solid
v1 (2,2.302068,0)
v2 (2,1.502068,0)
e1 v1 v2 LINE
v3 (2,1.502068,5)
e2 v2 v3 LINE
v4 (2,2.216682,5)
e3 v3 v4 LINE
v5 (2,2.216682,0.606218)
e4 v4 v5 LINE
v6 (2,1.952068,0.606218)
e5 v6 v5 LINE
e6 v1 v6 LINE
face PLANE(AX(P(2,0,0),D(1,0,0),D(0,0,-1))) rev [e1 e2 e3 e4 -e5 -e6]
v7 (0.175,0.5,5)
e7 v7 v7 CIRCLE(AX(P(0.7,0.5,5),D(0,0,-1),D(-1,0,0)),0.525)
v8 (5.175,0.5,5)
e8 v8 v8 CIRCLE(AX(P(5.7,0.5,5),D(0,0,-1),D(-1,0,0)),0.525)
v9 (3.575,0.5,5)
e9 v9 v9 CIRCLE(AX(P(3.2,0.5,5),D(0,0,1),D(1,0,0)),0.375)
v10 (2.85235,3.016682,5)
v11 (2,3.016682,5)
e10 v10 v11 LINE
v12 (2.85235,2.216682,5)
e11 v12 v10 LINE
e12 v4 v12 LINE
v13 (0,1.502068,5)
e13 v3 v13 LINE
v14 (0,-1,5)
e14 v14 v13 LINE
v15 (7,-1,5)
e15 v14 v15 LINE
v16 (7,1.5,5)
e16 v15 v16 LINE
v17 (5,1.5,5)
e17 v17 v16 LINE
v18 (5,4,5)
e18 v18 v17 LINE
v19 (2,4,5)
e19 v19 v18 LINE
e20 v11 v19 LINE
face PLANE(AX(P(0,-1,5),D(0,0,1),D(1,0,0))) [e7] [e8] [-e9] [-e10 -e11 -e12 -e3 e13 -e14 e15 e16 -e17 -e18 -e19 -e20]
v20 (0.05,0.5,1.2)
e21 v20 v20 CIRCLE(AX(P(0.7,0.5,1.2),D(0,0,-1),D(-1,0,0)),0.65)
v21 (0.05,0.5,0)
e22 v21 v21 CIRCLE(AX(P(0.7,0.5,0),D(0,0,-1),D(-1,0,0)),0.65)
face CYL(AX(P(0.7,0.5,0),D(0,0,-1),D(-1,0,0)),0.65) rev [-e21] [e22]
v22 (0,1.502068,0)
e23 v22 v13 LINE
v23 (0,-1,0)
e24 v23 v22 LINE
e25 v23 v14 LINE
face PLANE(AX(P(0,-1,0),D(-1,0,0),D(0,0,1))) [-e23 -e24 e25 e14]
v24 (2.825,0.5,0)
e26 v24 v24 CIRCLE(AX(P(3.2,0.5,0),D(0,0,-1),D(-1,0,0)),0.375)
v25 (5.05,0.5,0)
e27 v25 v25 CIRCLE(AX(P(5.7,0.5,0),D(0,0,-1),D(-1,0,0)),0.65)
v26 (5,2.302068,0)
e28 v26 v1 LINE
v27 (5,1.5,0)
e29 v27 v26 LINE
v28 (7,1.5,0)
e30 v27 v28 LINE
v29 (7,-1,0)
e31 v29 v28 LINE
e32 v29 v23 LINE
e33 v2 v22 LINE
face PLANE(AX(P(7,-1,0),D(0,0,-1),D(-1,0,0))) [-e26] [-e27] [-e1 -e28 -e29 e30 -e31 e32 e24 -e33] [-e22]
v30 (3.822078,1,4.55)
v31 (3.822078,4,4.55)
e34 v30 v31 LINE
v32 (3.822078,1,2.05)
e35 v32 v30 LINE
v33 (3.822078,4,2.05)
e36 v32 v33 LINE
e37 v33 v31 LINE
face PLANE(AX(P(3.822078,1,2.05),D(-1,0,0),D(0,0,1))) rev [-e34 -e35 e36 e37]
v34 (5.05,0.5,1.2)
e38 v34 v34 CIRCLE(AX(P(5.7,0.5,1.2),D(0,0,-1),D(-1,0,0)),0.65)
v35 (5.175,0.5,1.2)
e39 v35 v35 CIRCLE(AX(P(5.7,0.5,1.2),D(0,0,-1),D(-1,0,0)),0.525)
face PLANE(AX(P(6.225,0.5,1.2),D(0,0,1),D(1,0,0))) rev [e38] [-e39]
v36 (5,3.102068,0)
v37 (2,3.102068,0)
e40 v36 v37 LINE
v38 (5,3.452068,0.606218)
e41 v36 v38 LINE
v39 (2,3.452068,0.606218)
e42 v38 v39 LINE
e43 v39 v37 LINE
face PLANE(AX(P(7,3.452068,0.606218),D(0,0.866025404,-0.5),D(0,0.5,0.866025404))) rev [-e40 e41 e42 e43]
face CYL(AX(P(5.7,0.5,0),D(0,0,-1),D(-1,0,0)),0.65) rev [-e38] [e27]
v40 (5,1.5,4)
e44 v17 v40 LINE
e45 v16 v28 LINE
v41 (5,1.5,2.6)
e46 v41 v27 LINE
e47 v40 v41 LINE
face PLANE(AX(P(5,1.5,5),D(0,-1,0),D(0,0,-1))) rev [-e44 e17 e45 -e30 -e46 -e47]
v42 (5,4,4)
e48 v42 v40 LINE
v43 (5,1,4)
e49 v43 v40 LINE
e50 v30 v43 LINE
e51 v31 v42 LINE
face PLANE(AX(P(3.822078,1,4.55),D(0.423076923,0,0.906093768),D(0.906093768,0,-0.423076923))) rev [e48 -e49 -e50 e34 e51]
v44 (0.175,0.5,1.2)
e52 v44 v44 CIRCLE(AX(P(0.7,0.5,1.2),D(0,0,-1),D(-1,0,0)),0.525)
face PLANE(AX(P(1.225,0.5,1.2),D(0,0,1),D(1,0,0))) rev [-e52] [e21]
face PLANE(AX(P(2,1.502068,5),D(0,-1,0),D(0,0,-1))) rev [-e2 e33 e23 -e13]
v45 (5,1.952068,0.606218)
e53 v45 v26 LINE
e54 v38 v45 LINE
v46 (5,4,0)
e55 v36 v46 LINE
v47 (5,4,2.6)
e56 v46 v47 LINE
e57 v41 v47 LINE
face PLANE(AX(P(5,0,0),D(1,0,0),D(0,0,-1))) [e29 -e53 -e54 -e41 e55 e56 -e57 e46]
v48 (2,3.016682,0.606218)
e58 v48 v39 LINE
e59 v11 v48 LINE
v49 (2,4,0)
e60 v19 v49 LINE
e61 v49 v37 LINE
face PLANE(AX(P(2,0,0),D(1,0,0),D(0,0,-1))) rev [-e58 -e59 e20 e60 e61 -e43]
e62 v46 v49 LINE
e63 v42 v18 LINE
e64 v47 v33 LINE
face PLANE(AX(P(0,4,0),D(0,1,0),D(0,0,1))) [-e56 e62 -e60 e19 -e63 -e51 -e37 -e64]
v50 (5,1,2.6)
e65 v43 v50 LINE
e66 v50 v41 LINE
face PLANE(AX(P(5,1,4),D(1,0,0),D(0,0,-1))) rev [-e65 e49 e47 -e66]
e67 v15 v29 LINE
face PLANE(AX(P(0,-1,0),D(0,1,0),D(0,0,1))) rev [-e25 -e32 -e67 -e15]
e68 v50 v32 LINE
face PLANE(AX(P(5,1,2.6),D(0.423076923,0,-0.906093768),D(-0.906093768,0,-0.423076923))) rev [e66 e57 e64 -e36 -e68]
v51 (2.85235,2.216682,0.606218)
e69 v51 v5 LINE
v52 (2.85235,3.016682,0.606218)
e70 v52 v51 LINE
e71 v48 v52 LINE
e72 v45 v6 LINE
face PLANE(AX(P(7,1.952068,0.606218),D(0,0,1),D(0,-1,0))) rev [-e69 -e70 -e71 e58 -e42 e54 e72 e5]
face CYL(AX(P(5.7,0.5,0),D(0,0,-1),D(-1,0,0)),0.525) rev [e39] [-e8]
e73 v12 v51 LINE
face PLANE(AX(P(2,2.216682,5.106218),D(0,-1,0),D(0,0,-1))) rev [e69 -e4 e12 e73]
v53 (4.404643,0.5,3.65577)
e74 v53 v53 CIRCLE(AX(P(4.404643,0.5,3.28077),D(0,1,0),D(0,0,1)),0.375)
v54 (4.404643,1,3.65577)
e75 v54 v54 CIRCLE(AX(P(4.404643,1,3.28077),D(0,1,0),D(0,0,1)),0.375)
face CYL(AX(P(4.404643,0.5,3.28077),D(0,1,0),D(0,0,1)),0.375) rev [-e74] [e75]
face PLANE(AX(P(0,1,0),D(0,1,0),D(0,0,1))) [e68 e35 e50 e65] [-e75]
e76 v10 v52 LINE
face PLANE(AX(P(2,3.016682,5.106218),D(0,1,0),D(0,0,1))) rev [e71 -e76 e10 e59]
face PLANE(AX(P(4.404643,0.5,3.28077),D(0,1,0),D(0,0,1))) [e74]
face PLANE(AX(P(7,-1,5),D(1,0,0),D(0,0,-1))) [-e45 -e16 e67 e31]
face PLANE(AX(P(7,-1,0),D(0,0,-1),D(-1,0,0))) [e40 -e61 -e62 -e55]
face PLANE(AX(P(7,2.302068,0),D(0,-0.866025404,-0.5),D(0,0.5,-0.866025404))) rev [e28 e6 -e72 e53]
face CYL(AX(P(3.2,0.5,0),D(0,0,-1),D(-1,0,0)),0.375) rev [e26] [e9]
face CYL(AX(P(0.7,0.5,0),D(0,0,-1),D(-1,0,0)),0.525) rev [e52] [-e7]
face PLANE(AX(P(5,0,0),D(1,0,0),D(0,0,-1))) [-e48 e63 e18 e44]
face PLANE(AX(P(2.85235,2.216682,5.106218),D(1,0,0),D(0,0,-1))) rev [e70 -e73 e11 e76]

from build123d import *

# Parameters (mm, degrees)
SKETCH1_W                = 7
SKETCH1_H                = 5
BOSS_EXTRUDE1_DEPTH      = 5
HOLE1_D                  = 1.05
HOLE1_CBORE_D            = 1.3
HOLE1_CBORE_DEPTH        = 1.2
SKETCH20_W               = 5
SKETCH20_H               = 2.5
CUT_EXTRUDE11_DEPTH      = 2
M1_0X0_25_TAPPED_HOLE1_D = 0.75
SKETCH37_W               = 5
SKETCH37_H               = 2.5
CUT_EXTRUDE13_DEPTH      = 2
CUT_EXTRUDE15_DEPTH      = 3
CUT_EXTRUDE16_DEPTH      = 9.124038405
SKETCH45_R               = 0.375
CUT_EXTRUDE18_DEPTH      = 0.5
SKETCH44_W               = 0.852349788
SKETCH44_H               = 0.8
CUT_EXTRUDE19_DEPTH      = 4.5


with BuildPart() as part:
    # Sketch1 → Boss-Extrude1 (new body)
    with BuildSketch(Plane(origin=(0, 4, 0), x_dir=(-1, 0, 0), z_dir=(0, 1, 0))):
        with Locations((-3.5, 2.5)):
            Rectangle(SKETCH1_W, SKETCH1_H)
    extrude(amount=-BOSS_EXTRUDE1_DEPTH)

    # Hole1 (through all)
    with Locations(Plane(origin=(0, 0, 0), x_dir=(-1, 0, 0), z_dir=(0, 0, -1))):
        with Locations((-5.7, 0.5), (-0.7, 0.5)):
            CounterBoreHole(HOLE1_D / 2, HOLE1_CBORE_D / 2, HOLE1_CBORE_DEPTH)

    # Sketch20 → Cut-Extrude11 (cut)
    with BuildSketch(Plane(origin=(7, 0, 0), x_dir=(0, 0, -1), z_dir=(1, 0, 0))):
        with Locations((-2.5, 2.75)):
            Rectangle(SKETCH20_W, SKETCH20_H)
    extrude(amount=-CUT_EXTRUDE11_DEPTH, mode=Mode.SUBTRACT)

    # M1.0x0.25 Tapped Hole1 (through all)
    with Locations(Plane(origin=(0, 0, 0), x_dir=(-1, 0, 0), z_dir=(0, 0, -1))):
        with Locations((-3.2, 0.5)):
            Hole(M1_0X0_25_TAPPED_HOLE1_D / 2)

    # Sketch37 → Cut-Extrude13 (cut)
    with BuildSketch(Plane.ZY):
        with Locations((2.5, 2.752068207)):
            Rectangle(SKETCH37_W, SKETCH37_H)
    extrude(amount=-CUT_EXTRUDE13_DEPTH, mode=Mode.SUBTRACT)

    # Sketch41 → Cut-Extrude15 (cut)
    with BuildSketch(Plane(origin=(0, 4, 0), x_dir=(1, 0, 0), z_dir=(0, 1, 0))):
        Polygon((5, -2.6), (3.822078101, -2.05), (3.822078101, -4.55), (5, -4), align=None)
    extrude(amount=-CUT_EXTRUDE15_DEPTH, mode=Mode.SUBTRACT)

    # Sketch43 → Cut-Extrude16 (cut, through all)
    with BuildSketch(Plane.ZY.offset(-2)):
        Polygon((0, 2.302068207), (0.606217783, 1.952068207), (0.606217783, 3.452068207), (0, 3.102068207), align=None)
    extrude(amount=-CUT_EXTRUDE16_DEPTH, mode=Mode.SUBTRACT)

    # Sketch45 → Cut-Extrude18 (cut)
    with BuildSketch(Plane(origin=(0, 1, 0), x_dir=(1, 0, 0), z_dir=(0, 1, 0))):
        with Locations(Location((4.404643106, -3.280769975, 0), (0, 0, 270))):
            Circle(SKETCH45_R)
    extrude(amount=-CUT_EXTRUDE18_DEPTH, mode=Mode.SUBTRACT)

    # Sketch44 → Cut-Extrude19 (cut)
    with BuildSketch(Plane(origin=(0, 0, 0.606217783), x_dir=(-1, 0, 0), z_dir=(0, 0, -1))):
        with Locations((-2.426174894, 2.616682439)):
            Rectangle(SKETCH44_W, SKETCH44_H)
    extrude(amount=-CUT_EXTRUDE19_DEPTH, mode=Mode.SUBTRACT)


solid = part.part
